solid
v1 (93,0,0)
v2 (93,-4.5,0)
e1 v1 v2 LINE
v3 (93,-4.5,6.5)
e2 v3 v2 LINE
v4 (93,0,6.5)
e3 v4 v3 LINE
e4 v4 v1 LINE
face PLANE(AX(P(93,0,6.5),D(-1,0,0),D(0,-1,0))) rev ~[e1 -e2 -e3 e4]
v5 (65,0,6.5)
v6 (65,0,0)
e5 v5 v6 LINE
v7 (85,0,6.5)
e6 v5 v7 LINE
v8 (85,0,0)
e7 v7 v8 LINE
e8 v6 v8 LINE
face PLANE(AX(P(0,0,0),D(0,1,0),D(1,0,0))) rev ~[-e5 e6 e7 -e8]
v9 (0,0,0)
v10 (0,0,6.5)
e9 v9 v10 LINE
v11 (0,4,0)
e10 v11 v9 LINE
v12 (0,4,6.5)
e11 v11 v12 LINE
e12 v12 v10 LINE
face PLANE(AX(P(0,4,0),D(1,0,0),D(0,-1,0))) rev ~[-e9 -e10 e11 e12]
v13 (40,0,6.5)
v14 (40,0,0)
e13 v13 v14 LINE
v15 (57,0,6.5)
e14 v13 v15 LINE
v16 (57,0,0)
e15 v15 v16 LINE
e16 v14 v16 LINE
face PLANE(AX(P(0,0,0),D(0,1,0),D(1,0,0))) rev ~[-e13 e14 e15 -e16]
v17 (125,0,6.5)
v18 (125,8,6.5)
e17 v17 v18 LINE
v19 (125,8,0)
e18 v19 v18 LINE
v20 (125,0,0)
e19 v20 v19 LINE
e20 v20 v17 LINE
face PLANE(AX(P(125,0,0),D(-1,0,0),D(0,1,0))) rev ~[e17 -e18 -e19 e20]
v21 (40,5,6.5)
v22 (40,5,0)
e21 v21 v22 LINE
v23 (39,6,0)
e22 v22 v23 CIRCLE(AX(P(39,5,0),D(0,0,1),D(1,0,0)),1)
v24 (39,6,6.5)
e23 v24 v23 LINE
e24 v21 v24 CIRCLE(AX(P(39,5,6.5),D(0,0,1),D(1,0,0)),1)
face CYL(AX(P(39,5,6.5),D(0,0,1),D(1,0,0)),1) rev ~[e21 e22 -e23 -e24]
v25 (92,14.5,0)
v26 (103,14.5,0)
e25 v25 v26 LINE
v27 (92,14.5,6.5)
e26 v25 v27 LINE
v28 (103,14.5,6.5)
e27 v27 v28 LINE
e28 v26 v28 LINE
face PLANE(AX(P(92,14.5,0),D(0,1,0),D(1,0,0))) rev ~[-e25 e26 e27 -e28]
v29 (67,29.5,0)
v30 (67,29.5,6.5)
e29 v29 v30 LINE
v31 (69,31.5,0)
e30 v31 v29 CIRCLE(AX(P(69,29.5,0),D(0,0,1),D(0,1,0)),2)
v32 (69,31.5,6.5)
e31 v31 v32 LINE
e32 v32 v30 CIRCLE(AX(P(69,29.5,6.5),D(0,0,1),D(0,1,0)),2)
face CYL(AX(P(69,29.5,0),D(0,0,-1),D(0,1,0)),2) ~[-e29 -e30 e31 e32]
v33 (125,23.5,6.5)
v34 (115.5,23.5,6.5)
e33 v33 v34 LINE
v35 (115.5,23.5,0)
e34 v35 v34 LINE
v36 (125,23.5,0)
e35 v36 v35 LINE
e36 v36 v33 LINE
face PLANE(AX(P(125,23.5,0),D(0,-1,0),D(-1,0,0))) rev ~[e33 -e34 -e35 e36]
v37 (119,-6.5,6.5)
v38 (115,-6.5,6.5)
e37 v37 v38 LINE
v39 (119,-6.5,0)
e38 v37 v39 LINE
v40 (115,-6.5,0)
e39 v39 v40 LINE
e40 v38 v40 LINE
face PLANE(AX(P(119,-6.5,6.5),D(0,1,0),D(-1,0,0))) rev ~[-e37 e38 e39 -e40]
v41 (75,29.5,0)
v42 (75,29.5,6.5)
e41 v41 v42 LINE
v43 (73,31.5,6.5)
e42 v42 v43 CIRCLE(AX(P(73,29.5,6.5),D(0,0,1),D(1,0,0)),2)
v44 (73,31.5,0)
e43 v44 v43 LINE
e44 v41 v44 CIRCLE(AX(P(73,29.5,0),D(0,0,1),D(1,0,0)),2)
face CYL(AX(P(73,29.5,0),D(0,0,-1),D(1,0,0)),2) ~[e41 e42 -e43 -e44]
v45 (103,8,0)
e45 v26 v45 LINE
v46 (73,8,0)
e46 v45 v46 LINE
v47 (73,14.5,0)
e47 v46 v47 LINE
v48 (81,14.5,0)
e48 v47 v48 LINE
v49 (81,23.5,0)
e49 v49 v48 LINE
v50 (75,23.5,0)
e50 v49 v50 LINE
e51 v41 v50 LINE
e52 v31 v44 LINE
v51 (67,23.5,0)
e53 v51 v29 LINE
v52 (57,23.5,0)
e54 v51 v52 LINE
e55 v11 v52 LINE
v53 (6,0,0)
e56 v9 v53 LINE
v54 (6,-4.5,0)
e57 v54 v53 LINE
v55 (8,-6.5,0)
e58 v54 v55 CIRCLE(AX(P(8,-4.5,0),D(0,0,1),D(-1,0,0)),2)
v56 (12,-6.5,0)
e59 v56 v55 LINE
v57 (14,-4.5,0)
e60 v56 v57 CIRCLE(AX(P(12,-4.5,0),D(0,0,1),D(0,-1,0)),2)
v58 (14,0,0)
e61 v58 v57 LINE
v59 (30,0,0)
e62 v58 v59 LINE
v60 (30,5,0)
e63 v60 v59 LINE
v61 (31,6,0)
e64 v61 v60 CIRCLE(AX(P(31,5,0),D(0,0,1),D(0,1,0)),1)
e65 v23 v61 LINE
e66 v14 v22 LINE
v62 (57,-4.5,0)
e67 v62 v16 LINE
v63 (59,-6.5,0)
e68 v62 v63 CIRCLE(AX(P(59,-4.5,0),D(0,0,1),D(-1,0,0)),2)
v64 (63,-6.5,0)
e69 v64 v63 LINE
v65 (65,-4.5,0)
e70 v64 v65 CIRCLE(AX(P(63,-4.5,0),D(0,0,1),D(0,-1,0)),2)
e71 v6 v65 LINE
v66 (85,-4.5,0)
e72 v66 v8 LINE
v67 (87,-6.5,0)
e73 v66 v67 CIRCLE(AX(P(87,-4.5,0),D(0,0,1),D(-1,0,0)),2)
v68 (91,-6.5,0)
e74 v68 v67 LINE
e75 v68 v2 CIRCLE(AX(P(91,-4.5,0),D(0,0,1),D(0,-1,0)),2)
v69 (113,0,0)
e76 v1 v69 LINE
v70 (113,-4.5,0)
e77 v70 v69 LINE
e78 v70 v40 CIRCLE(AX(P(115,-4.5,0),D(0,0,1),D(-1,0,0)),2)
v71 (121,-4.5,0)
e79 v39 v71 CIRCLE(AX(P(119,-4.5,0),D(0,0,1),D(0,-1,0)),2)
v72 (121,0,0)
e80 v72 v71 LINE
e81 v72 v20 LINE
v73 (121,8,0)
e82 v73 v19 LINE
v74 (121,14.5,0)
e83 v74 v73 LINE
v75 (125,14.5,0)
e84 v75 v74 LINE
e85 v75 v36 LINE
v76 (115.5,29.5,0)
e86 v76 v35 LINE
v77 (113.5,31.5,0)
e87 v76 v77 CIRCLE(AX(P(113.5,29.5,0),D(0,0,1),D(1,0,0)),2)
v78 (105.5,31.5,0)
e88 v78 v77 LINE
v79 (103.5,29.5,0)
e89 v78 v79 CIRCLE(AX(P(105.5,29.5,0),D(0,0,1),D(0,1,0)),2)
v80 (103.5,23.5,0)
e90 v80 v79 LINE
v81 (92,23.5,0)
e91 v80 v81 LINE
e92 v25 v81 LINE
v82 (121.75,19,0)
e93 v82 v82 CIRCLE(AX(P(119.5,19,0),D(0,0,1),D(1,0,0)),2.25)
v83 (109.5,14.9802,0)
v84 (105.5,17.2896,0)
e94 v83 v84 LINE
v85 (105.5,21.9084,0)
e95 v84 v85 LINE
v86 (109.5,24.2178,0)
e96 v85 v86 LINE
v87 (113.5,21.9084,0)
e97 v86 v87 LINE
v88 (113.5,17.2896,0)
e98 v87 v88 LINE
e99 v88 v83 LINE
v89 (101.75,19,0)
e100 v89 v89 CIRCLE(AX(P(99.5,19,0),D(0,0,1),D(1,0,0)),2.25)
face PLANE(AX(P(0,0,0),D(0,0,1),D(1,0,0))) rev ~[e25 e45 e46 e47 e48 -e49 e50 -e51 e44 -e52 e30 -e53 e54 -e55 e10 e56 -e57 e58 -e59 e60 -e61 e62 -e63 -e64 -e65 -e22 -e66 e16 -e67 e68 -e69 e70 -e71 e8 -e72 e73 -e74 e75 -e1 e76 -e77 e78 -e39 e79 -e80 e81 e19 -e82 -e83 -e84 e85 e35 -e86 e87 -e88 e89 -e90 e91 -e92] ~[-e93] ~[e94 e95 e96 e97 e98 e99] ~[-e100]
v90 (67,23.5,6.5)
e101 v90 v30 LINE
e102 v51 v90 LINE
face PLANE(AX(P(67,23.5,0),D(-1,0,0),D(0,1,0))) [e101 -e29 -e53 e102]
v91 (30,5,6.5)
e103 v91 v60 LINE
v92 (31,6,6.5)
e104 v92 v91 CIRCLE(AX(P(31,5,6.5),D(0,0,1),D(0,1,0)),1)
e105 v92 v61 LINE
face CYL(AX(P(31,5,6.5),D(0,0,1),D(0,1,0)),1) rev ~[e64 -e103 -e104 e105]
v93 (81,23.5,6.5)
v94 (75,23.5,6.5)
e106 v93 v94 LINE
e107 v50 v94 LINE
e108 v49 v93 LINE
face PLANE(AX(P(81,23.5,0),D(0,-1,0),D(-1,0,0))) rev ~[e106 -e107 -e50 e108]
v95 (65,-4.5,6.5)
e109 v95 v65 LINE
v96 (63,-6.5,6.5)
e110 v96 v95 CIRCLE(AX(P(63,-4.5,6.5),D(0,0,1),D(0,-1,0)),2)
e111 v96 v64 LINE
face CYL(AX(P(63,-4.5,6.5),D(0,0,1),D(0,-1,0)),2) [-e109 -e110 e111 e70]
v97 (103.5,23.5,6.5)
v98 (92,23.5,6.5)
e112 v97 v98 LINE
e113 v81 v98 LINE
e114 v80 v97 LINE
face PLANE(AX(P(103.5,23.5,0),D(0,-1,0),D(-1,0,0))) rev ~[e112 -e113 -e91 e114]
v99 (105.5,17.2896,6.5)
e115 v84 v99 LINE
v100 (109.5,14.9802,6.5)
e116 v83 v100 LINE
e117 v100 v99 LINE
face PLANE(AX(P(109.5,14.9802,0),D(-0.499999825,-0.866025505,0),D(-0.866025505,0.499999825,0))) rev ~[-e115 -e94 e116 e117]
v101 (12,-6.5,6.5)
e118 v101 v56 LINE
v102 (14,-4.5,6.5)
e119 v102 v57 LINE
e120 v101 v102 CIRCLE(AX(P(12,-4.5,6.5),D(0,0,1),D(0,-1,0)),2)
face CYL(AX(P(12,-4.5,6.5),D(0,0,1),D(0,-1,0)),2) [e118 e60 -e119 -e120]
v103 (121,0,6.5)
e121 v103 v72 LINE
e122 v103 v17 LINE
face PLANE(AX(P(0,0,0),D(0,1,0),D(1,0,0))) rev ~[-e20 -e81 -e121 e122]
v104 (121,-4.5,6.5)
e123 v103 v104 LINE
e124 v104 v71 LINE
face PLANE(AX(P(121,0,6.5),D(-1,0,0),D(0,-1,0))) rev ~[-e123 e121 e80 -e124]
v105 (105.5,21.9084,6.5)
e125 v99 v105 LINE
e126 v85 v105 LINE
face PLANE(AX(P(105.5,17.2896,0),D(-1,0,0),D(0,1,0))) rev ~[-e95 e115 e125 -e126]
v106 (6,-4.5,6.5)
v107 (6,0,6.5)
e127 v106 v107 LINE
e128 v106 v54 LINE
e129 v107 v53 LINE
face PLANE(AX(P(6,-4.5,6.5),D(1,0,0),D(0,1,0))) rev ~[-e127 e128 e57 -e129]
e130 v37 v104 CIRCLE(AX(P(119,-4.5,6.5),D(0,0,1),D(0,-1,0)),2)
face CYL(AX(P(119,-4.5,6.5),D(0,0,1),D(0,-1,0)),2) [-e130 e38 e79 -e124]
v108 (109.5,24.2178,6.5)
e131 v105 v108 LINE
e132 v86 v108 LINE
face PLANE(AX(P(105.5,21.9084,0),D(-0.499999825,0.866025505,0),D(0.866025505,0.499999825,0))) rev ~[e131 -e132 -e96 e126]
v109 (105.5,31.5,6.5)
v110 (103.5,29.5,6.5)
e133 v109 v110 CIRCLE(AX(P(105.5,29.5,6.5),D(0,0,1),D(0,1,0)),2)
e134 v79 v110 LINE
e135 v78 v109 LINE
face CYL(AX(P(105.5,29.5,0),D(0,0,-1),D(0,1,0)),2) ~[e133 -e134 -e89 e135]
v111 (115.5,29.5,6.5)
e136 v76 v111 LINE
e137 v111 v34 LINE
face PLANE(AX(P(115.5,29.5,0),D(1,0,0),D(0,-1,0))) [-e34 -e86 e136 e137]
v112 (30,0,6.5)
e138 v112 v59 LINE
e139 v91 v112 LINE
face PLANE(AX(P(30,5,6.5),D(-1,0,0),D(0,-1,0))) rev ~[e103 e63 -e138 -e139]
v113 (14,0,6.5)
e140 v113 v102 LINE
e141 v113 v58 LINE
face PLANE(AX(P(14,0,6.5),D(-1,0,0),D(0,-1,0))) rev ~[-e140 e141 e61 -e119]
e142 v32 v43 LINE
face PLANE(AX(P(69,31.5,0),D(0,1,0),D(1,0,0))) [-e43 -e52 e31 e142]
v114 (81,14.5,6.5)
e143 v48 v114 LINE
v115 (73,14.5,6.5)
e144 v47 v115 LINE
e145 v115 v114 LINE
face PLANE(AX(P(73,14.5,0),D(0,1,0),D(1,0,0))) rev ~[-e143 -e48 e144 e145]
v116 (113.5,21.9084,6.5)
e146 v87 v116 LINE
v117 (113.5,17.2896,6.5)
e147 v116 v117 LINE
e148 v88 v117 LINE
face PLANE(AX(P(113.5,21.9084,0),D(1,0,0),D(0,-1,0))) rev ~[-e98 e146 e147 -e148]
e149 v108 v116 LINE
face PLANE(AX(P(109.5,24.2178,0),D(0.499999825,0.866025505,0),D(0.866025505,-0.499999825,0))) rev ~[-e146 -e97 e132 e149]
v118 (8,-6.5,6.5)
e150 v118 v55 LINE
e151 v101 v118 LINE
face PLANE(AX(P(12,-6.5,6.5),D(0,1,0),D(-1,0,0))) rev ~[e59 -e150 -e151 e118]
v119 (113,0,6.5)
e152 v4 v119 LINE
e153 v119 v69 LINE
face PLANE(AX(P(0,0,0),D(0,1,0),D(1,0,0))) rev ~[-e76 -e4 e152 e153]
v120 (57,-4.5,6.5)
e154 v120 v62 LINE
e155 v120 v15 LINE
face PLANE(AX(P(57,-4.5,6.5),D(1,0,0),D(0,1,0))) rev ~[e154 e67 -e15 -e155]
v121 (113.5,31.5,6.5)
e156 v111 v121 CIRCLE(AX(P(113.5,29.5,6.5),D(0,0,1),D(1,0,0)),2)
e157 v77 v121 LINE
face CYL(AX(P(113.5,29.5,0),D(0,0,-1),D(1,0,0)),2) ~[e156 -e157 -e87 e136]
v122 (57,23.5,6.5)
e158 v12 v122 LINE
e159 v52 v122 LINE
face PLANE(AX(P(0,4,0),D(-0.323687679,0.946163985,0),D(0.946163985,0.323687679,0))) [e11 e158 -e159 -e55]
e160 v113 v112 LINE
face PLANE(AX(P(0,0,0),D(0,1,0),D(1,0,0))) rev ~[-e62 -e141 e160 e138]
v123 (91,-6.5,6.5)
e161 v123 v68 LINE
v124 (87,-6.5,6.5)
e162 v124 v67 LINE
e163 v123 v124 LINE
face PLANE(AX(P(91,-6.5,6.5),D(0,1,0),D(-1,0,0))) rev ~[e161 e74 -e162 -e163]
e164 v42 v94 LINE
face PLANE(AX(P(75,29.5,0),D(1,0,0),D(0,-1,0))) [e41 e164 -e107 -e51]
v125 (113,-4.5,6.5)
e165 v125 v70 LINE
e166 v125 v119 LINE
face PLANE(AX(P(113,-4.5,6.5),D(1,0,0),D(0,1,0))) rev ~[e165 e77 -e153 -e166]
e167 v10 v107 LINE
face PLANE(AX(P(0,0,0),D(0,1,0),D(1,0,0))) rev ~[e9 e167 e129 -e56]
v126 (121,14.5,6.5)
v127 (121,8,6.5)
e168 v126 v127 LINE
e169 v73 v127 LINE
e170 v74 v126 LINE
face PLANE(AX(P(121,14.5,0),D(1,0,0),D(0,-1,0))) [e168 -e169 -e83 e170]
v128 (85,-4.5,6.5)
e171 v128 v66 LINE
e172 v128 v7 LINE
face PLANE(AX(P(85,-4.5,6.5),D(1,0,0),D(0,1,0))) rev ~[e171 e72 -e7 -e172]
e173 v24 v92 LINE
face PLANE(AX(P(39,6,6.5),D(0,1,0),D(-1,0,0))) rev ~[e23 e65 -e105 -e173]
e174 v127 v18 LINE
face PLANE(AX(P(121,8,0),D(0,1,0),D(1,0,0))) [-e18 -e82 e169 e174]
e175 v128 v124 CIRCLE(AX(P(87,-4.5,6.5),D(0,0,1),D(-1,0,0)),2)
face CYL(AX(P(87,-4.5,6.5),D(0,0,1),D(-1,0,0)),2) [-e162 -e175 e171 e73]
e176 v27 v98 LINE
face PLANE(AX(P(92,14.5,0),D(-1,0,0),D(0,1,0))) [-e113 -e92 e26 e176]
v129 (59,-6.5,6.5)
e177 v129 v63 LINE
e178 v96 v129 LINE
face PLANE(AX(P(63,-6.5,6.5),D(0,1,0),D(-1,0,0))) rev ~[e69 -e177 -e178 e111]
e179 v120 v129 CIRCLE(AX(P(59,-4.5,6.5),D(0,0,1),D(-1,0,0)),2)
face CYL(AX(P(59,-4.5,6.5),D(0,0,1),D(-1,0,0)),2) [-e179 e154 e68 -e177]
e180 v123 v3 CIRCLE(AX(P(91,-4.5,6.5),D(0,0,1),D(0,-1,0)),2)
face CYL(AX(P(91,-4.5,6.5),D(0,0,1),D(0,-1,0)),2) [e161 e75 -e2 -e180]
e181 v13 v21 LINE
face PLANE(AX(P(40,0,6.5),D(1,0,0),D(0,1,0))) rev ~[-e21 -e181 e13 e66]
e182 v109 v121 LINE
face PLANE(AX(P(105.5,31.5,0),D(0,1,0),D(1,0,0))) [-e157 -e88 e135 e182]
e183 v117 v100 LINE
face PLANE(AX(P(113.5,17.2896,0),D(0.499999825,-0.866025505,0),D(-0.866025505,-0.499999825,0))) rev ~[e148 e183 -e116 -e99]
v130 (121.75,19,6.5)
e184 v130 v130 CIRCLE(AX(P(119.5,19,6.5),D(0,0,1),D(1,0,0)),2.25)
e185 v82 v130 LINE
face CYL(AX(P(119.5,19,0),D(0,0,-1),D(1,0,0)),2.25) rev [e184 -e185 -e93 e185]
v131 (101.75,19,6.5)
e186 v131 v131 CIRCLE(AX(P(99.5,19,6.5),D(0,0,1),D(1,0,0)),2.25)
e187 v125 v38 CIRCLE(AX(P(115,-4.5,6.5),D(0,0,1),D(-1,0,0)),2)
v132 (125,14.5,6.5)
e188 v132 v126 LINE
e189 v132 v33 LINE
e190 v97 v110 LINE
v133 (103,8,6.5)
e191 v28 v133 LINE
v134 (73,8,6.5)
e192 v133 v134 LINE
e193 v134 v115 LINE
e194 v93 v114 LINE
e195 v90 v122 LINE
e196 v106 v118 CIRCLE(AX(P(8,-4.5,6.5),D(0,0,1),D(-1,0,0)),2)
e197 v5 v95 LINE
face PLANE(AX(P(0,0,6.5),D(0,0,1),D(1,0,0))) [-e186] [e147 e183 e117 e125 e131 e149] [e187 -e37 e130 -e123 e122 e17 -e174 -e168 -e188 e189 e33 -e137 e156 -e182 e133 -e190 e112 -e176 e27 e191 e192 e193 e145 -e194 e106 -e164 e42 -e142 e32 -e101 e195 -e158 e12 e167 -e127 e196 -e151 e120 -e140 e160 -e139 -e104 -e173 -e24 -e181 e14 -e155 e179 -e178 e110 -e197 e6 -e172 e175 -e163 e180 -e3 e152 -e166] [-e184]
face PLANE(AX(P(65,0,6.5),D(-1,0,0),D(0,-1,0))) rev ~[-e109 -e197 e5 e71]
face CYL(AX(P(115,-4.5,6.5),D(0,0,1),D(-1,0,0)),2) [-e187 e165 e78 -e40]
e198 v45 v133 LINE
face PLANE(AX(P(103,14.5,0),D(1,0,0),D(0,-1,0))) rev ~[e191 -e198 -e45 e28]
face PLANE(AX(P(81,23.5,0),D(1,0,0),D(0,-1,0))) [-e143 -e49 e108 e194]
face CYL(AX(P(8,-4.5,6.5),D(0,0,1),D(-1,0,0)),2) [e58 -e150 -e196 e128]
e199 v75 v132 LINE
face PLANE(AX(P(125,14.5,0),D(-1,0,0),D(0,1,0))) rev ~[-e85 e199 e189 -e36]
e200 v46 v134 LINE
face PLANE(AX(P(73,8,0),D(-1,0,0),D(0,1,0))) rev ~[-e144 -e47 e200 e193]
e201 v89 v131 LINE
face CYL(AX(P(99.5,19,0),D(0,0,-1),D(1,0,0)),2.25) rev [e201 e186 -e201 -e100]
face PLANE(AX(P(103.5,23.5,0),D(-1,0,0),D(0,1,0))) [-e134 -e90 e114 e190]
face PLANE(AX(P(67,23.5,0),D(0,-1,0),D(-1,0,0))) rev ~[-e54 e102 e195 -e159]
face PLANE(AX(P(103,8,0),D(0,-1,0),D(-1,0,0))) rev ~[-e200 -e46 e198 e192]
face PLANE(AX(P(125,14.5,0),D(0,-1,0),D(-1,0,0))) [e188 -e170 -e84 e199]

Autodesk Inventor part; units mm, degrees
ref_plane "YZ Plane" through (0, 0, 0) normal (1, 0, 0) x (0, 1, 0)
ref_plane "XZ Plane" through (0, 0, 0) normal (0, 1, 0) x (-1, 0, 0)
ref_plane "XY Plane" through (0, 0, 0) normal (0, 0, 1) x (1, 0, 0)
sketch "Sketch1" plane through (0, 0, 0) normal (0, 0, 1) x (1, 0, 0)
  line L0 (0, 4) -> (0, 0)
  line L1 (0, 0) -> (125, 0)
  line L2 (0, 4) -> (57, 23.5)
  line L3 (103, 14.5) -> (103, 8)
  line L4 (103, 8) -> (73, 8)
  line L5 (73, 8) -> (73, 14.5)
  line L6 (125, 14.5) -> (121, 14.5)
  line L7 (121, 14.5) -> (121, 8)
  line L8 (121, 8) -> (125, 8)
  line L9 (125, 0) -> (125, 8)
  line L10 (125, 14.5) -> (125, 23.5)
  line L11 (81, 23.5) -> (81, 14.5)
  line L12 (92, 14.5) -> (92, 23.5)
  line L13 (73, 14.5) -> (81, 14.5)
  line L14 (92, 14.5) -> (103, 14.5)
  line L15 (81, 14.5) -> (92, 14.5) construction
  circle A0 centre (86.5, 19.599) radius 7.5 construction
  circle A1 centre (86.5, 19.599) radius 4 construction
  line L16 (113.5, 21.9084) -> (113.5, 17.2896)
  line L17 (113.5, 17.2896) -> (109.5, 14.9802)
  line L18 (109.5, 14.9802) -> (105.5, 17.2896)
  line L19 (105.5, 17.2896) -> (105.5, 21.9084)
  line L20 (105.5, 21.9084) -> (109.5, 24.2178)
  line L21 (109.5, 24.2178) -> (113.5, 21.9084)
  circle A2 centre (109.5, 19.599) radius 2.5 construction
  line L22 (103.5, 23.5) -> (103.5, 29.5)
  line L23 (105.5, 31.5) -> (113.5, 31.5)
  line L24 (115.5, 29.5) -> (115.5, 23.5)
  arc A3 (105.5, 31.5) -> (103.5, 29.5) centre (105.5, 29.5) ccw
  arc A4 (115.5, 29.5) -> (113.5, 31.5) centre (113.5, 29.5) ccw
  line L25 (125, 23.5) -> (115.5, 23.5)
  line L26 (103.5, 23.5) -> (92, 23.5)
  circle A5 centre (99.5, 19) radius 4.5 construction
  circle A6 centre (119.5, 19) radius 4.5 construction
  circle A7 centre (99.5, 19) radius 2.25
  circle A8 centre (119.5, 19) radius 2.25
  line L27 (67, 23.5) -> (67, 29.5)
  line L28 (69, 31.5) -> (73, 31.5)
  line L29 (75, 29.5) -> (75, 23.5)
  arc A9 (69, 31.5) -> (67, 29.5) centre (69, 29.5) ccw
  arc A10 (75, 29.5) -> (73, 31.5) centre (73, 29.5) ccw
  line L30 (81, 23.5) -> (75, 23.5)
  line L31 (67, 23.5) -> (57, 23.5)
  point P0 (81, 14.5)
  point P1 (92, 14.5)
  point P2 (86.5, 14.5)
  point P3 (125, 19)
  point P4 (109.5, 31.5)
  dimension "d0" = 8
  dimension "d2" = 6.5
  dimension "d3" = 4
  dimension "d4" = 15
  dimension "d5" = 8
  dimension "d6" = 9
  dimension "d7" = 11
  dimension "d8" = 11
  dimension "d9" = 8
  dimension "d10" = 5
  dimension "d11" = 2
  dimension "d12" = 12
  dimension "d13" = 9
  dimension "d14" = 9
  dimension "d15" = 10
  dimension "d16" = 10
  dimension "d17" = 4.5
  dimension "d18" = 4.5
  dimension "d19" = 13
  dimension "d20" = 5.5
  dimension "d21" = 18
  dimension "d22" = 2
  dimension "d23" = 8
  dimension "d24" = 6
  dimension "d25" = 10
  dimension "d27" = 30
  dimension "d28" = 4
  dimension "d30" = 8
  dimension "d31" = 125
extrude "Extrusion1" add sketch "Sketch1" along normal blind 6.5
sketch "Sketch2" plane through (0, 0, 6.5) normal (0, 0, 1) x (1, 0, 0)
  line L0 (0, 4) -> (0, 0) projected
  line L1 (0, 0) -> (125, 0) projected
  line L2 (6, 0) -> (14, 0)
  line L3 (14, 0) -> (14, -4.5)
  line L4 (12, -6.5) -> (8, -6.5)
  line L5 (6, -4.5) -> (6, 0)
  line L6 (57, 0) -> (65, 0)
  line L7 (65, 0) -> (65, -4.5)
  line L8 (63, -6.5) -> (59, -6.5)
  line L9 (57, -4.5) -> (57, 0)
  line L10 (85, 0) -> (93, 0)
  line L11 (93, 0) -> (93, -4.5)
  line L12 (91, -6.5) -> (87, -6.5)
  line L13 (85, -4.5) -> (85, 0)
  line L14 (113, 0) -> (121, 0)
  line L15 (121, 0) -> (121, -4.5)
  line L16 (119, -6.5) -> (115, -6.5)
  line L17 (113, -4.5) -> (113, 0)
  arc A0 (6, -4.5) -> (8, -6.5) centre (8, -4.5) ccw
  arc A1 (12, -6.5) -> (14, -4.5) centre (12, -4.5) ccw
  arc A2 (57, -4.5) -> (59, -6.5) centre (59, -4.5) ccw
  arc A3 (63, -6.5) -> (65, -4.5) centre (63, -4.5) ccw
  arc A4 (85, -4.5) -> (87, -6.5) centre (87, -4.5) ccw
  arc A5 (91, -6.5) -> (93, -4.5) centre (91, -4.5) ccw
  arc A6 (113, -4.5) -> (115, -6.5) centre (115, -4.5) ccw
  arc A7 (119, -6.5) -> (121, -4.5) centre (119, -4.5) ccw
  dimension "d34" = 2
  dimension "d35" = 8
  dimension "d36" = 8
  dimension "d37" = 8
  dimension "d38" = 8
  dimension "d39" = 6.5
  dimension "d40" = 6
  dimension "d41" = 43
  dimension "d42" = 20
  dimension "d43" = 20
extrude "Extrusion2" add sketch "Sketch2" against normal blind 6.5
sketch "Sketch3" plane through (0, 0, 6.5) normal (0, 0, 1) x (1, 0, 0)
  line L0 (0, 4) -> (0, 0) projected
  line L1 (14, 0) -> (57, 0) projected
  line L2 (30, 0) -> (40, 0)
  line L3 (40, 0) -> (40, 5)
  line L4 (39, 6) -> (31, 6)
  line L5 (30, 5) -> (30, 0)
  arc A0 (31, 6) -> (30, 5) centre (31, 5) ccw
  arc A1 (40, 5) -> (39, 6) centre (39, 5) ccw
  point P0 (35, 6)
  dimension "d46" = 1
  dimension "d47" = 10
  dimension "d48" = 6
  dimension "d49" = 35
extrude "Extrusion3" cut sketch "Sketch3" against normal through all
properties part number "x_motor_wall_lower" material "Plywood, Finish"
